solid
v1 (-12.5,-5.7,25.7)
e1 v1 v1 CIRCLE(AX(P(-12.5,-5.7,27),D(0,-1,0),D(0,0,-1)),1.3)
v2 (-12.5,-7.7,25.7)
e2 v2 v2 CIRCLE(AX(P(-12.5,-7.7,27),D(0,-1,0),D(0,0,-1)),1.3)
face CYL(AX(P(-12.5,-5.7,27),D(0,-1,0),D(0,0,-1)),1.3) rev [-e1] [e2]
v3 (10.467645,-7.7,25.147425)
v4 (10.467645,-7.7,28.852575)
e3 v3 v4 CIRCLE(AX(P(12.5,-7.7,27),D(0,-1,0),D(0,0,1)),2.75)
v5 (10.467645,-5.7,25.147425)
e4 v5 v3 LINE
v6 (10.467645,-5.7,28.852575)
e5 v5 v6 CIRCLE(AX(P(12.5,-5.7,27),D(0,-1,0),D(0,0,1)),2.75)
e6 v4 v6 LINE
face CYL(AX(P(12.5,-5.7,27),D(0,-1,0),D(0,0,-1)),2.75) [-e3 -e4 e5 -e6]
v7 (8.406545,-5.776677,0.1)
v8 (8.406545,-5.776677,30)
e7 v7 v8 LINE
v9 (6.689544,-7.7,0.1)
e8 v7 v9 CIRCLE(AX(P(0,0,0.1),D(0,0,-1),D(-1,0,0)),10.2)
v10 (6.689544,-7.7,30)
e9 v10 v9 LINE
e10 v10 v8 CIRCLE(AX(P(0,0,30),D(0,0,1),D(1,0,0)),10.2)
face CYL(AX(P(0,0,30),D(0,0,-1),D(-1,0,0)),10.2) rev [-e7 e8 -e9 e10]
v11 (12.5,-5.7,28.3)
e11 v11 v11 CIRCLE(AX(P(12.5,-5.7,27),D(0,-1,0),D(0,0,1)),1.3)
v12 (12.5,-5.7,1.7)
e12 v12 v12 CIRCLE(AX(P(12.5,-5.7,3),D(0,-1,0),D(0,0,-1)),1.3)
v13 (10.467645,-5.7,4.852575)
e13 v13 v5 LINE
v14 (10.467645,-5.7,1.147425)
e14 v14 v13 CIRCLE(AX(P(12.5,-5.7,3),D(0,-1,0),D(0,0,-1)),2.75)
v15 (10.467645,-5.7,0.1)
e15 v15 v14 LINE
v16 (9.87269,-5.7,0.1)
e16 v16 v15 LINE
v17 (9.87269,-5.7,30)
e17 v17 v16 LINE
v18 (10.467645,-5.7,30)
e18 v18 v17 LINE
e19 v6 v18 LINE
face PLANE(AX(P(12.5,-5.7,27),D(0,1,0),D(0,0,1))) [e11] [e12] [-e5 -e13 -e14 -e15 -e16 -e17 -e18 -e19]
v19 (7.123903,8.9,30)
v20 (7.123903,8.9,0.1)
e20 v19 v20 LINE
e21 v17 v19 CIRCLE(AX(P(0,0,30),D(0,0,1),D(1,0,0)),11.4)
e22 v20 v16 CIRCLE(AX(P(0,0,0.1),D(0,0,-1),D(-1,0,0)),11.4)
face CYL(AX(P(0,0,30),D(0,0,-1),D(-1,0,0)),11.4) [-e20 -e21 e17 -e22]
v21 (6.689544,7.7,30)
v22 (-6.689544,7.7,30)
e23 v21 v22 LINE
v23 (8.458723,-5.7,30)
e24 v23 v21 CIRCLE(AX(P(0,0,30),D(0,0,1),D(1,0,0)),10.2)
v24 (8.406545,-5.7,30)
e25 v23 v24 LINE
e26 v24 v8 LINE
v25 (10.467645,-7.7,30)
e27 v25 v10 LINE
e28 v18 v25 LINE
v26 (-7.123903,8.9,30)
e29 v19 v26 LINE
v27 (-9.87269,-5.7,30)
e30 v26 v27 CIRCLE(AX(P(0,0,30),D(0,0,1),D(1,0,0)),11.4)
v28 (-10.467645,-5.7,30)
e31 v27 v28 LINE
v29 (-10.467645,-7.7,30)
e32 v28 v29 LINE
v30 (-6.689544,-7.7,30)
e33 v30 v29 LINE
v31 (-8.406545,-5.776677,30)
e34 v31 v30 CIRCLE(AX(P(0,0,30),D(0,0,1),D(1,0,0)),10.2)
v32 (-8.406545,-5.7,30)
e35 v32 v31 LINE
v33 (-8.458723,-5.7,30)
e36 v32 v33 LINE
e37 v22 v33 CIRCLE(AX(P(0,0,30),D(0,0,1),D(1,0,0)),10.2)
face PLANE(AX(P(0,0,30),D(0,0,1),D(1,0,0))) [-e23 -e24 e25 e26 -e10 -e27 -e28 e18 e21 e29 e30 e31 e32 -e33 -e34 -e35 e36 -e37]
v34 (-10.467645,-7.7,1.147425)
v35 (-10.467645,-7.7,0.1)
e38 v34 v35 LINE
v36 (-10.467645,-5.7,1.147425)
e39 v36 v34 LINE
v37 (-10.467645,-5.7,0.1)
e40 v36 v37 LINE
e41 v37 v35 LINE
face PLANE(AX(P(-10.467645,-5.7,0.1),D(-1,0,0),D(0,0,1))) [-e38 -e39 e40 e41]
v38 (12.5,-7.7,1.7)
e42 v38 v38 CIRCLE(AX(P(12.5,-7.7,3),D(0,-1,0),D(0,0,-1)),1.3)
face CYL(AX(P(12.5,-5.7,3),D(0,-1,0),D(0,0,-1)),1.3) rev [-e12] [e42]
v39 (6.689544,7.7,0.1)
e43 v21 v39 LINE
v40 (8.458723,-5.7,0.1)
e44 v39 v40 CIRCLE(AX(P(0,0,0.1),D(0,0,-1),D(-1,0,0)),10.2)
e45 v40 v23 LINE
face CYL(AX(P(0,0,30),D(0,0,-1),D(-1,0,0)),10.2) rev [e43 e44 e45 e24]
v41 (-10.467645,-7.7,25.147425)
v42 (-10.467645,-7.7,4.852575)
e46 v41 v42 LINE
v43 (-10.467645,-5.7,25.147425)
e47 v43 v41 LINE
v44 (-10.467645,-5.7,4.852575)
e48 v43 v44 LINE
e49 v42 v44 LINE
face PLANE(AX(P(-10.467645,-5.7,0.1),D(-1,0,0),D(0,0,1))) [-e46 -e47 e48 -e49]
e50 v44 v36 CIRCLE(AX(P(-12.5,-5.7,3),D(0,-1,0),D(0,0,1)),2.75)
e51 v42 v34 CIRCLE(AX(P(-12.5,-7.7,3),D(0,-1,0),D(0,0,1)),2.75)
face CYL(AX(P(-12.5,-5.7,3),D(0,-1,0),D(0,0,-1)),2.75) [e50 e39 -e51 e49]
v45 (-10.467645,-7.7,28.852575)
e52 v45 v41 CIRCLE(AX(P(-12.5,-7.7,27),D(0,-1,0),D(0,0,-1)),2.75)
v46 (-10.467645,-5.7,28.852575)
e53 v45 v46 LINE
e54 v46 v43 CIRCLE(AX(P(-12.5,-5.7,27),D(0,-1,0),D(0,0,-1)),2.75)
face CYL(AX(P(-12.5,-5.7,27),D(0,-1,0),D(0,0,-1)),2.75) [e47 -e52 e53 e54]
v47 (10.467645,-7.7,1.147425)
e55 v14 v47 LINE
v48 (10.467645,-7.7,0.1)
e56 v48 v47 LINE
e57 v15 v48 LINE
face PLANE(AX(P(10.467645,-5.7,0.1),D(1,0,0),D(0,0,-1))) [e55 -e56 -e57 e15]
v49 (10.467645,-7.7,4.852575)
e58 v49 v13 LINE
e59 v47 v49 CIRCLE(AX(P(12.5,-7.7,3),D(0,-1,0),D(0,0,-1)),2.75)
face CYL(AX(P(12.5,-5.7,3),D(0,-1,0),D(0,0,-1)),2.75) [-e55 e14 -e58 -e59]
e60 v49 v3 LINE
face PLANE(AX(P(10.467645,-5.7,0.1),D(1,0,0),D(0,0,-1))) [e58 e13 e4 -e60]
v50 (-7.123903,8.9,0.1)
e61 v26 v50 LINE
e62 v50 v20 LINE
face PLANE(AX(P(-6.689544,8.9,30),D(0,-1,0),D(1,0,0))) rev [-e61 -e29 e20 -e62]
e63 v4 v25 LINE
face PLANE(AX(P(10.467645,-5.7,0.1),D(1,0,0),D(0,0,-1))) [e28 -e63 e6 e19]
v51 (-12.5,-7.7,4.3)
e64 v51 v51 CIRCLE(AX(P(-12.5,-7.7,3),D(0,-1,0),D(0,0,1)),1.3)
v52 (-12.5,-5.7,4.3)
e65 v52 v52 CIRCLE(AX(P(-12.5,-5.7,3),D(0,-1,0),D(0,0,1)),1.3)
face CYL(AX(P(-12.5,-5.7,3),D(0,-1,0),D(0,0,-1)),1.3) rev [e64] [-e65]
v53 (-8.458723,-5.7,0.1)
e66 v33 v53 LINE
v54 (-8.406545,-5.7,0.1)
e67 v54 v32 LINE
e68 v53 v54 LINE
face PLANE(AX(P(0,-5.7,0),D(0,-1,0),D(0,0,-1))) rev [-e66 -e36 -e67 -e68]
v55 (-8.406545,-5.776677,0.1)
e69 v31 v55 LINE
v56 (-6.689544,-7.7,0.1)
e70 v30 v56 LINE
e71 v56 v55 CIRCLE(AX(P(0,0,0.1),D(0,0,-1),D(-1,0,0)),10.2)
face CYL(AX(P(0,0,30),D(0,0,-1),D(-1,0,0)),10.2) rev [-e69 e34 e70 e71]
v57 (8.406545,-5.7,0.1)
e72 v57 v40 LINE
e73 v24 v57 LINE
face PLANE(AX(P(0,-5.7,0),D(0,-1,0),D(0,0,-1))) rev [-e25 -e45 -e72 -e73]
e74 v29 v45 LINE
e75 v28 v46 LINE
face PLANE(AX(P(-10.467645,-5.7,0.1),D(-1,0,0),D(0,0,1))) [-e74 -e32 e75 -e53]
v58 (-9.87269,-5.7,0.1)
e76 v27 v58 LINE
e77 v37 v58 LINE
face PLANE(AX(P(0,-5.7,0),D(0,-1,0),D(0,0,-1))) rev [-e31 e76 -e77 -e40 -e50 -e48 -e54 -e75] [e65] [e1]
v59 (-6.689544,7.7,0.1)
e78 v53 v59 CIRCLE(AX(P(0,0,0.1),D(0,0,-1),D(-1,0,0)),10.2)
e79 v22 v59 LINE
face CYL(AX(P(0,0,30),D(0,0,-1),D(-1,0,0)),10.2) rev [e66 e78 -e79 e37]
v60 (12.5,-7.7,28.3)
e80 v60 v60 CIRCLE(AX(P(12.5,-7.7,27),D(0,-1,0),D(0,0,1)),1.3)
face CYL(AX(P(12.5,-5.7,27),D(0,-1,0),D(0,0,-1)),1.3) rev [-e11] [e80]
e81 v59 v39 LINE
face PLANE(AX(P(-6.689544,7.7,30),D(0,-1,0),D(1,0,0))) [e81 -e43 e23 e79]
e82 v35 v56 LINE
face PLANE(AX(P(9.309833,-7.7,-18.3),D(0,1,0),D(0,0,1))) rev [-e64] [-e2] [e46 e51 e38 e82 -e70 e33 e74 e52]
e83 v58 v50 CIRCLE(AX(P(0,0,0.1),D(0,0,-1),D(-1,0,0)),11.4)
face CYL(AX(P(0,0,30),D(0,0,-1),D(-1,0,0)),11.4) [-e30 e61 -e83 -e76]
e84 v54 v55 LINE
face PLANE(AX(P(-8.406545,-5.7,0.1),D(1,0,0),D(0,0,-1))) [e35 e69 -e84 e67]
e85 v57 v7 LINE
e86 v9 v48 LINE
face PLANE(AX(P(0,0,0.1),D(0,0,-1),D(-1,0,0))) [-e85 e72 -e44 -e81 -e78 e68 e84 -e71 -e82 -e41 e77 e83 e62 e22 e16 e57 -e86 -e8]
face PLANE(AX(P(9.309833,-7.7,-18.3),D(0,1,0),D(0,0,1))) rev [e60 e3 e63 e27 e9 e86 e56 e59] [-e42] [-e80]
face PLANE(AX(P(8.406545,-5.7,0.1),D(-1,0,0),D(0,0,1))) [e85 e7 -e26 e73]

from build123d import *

# Parameters (mm, degrees)
SALIENTE_EXTRUIR1_DEPTH   = 30
VACIADO1_T                = 1.2
CROQUIS2_W                = 41.64599518
CROQUIS2_H                = 31.401201606
CORTAR_EXTRUIR1_DEPTH     = 1.3
CROQUIS3_W                = 19.002401527
CROQUIS3_H                = 2.972205444
CORTAR_EXTRUIR2_DEPTH     = 48.3
CROQUIS4_R                = 2.75
CROQUIS4_R_2              = 1.3
SALIENTE_EXTRUIR2_DEPTH   = 2
SALIENTE_EXTRUIR2_2_DEPTH = 2
SALIENTE_EXTRUIR2_3_DEPTH = 2
SALIENTE_EXTRUIR2_4_DEPTH = 2
CROQUIS5_W                = 2.061100057
CROQUIS5_H                = 29.9
SALIENTE_EXTRUIR3_DEPTH   = 2


with BuildPart() as part:
    # Croquis1 → Saliente-Extruir1 (new body)
    with BuildSketch(Plane.XY):
        with BuildLine():
            Line((-6.68954408, 7.7), (6.68954408, 7.7))
            ThreePointArc((6.68954408, 7.7), (10.2, 0), (6.68954408, -7.7))
            Line((6.68954408, -7.7), (-6.68954408, -7.7))
            ThreePointArc((-6.68954408, -7.7), (-10.2, 0), (-6.68954408, 7.7))
        make_face()
    extrude(amount=SALIENTE_EXTRUIR1_DEPTH)

    # Vaciado1
    vaciado1_openings = [part.faces().sort_by_distance(p)[0] for p in [
        (0, 0, 30),
    ]]
    offset(amount=VACIADO1_T, openings=vaciado1_openings, kind=Kind.INTERSECTION)

    # Croquis2 → Cortar-Extruir1 (cut)
    with BuildSketch(Plane(origin=(0, 0, -1.2), x_dir=(-1, 0, 0), z_dir=(0, 0, -1))):
        Rectangle(CROQUIS2_W, CROQUIS2_H)
    extrude(amount=-CORTAR_EXTRUIR1_DEPTH, mode=Mode.SUBTRACT)

    # Croquis3 → Cortar-Extruir2 (cut)
    with BuildSketch(Plane.XY.offset(30)):
        with Locations((-0.191367802, -9.186102722)):
            Rectangle(CROQUIS3_W, CROQUIS3_H)
    extrude(amount=-CORTAR_EXTRUIR2_DEPTH, mode=Mode.SUBTRACT)



with BuildPart() as body_2:
    # Croquis4 → Saliente-Extruir2 (new body)
    with BuildSketch(Plane.XZ.offset(7.7)):
        with Locations(Location((12.5, 3, 0), (0, 0, 270))):
            Circle(CROQUIS4_R)
        with Locations(Location((12.5, 3, 0), (0, 0, 270))):
            Circle(CROQUIS4_R_2, mode=Mode.SUBTRACT)
    extrude(amount=-SALIENTE_EXTRUIR2_DEPTH)


with BuildPart() as body_3:
    # Croquis4 → Saliente-Extruir2 2 (new body)
    with BuildSketch(Plane.XZ.offset(7.7)):
        with Locations(Location((12.5, 27, 0), (0, 0, 90))):
            Circle(CROQUIS4_R)
        with Locations(Location((12.5, 27, 0), (0, 0, 90))):
            Circle(CROQUIS4_R_2, mode=Mode.SUBTRACT)
    extrude(amount=-SALIENTE_EXTRUIR2_2_DEPTH)


with BuildPart() as body_4:
    # Croquis4 → Saliente-Extruir2 3 (new body)
    with BuildSketch(Plane.XZ.offset(7.7)):
        with Locations(Location((-12.5, 27, 0), (0, 0, 270))):
            Circle(CROQUIS4_R)
        with Locations(Location((-12.5, 27, 0), (0, 0, 270))):
            Circle(CROQUIS4_R_2, mode=Mode.SUBTRACT)
    extrude(amount=-SALIENTE_EXTRUIR2_3_DEPTH)


with BuildPart() as body_5:
    # Croquis4 → Saliente-Extruir2 4 (new body)
    with BuildSketch(Plane.XZ.offset(7.7)):
        with Locations(Location((-12.5, 3, 0), (0, 0, 90))):
            Circle(CROQUIS4_R)
        with Locations(Location((-12.5, 3, 0), (0, 0, 90))):
            Circle(CROQUIS4_R_2, mode=Mode.SUBTRACT)
    extrude(amount=-SALIENTE_EXTRUIR2_4_DEPTH)


with BuildPart() as part_1:
    add(part.part)

    add(body_2.part)  # Saliente-Extruir3 merges body 2

    add(body_3.part)  # Saliente-Extruir3 merges body 3

    add(body_4.part)  # Saliente-Extruir3 merges body 4

    add(body_5.part)  # Saliente-Extruir3 merges body 5
    # Croquis5 → Saliente-Extruir3 (add)
    with BuildSketch(Plane.XZ.offset(7.7)):
        with Locations((-9.437095098, 15.05)):
            Rectangle(CROQUIS5_W, CROQUIS5_H)
        with Locations((9.437095098, 15.05)):
            Rectangle(CROQUIS5_W, CROQUIS5_H)
    extrude(amount=-SALIENTE_EXTRUIR3_DEPTH)


solid = part_1.part
